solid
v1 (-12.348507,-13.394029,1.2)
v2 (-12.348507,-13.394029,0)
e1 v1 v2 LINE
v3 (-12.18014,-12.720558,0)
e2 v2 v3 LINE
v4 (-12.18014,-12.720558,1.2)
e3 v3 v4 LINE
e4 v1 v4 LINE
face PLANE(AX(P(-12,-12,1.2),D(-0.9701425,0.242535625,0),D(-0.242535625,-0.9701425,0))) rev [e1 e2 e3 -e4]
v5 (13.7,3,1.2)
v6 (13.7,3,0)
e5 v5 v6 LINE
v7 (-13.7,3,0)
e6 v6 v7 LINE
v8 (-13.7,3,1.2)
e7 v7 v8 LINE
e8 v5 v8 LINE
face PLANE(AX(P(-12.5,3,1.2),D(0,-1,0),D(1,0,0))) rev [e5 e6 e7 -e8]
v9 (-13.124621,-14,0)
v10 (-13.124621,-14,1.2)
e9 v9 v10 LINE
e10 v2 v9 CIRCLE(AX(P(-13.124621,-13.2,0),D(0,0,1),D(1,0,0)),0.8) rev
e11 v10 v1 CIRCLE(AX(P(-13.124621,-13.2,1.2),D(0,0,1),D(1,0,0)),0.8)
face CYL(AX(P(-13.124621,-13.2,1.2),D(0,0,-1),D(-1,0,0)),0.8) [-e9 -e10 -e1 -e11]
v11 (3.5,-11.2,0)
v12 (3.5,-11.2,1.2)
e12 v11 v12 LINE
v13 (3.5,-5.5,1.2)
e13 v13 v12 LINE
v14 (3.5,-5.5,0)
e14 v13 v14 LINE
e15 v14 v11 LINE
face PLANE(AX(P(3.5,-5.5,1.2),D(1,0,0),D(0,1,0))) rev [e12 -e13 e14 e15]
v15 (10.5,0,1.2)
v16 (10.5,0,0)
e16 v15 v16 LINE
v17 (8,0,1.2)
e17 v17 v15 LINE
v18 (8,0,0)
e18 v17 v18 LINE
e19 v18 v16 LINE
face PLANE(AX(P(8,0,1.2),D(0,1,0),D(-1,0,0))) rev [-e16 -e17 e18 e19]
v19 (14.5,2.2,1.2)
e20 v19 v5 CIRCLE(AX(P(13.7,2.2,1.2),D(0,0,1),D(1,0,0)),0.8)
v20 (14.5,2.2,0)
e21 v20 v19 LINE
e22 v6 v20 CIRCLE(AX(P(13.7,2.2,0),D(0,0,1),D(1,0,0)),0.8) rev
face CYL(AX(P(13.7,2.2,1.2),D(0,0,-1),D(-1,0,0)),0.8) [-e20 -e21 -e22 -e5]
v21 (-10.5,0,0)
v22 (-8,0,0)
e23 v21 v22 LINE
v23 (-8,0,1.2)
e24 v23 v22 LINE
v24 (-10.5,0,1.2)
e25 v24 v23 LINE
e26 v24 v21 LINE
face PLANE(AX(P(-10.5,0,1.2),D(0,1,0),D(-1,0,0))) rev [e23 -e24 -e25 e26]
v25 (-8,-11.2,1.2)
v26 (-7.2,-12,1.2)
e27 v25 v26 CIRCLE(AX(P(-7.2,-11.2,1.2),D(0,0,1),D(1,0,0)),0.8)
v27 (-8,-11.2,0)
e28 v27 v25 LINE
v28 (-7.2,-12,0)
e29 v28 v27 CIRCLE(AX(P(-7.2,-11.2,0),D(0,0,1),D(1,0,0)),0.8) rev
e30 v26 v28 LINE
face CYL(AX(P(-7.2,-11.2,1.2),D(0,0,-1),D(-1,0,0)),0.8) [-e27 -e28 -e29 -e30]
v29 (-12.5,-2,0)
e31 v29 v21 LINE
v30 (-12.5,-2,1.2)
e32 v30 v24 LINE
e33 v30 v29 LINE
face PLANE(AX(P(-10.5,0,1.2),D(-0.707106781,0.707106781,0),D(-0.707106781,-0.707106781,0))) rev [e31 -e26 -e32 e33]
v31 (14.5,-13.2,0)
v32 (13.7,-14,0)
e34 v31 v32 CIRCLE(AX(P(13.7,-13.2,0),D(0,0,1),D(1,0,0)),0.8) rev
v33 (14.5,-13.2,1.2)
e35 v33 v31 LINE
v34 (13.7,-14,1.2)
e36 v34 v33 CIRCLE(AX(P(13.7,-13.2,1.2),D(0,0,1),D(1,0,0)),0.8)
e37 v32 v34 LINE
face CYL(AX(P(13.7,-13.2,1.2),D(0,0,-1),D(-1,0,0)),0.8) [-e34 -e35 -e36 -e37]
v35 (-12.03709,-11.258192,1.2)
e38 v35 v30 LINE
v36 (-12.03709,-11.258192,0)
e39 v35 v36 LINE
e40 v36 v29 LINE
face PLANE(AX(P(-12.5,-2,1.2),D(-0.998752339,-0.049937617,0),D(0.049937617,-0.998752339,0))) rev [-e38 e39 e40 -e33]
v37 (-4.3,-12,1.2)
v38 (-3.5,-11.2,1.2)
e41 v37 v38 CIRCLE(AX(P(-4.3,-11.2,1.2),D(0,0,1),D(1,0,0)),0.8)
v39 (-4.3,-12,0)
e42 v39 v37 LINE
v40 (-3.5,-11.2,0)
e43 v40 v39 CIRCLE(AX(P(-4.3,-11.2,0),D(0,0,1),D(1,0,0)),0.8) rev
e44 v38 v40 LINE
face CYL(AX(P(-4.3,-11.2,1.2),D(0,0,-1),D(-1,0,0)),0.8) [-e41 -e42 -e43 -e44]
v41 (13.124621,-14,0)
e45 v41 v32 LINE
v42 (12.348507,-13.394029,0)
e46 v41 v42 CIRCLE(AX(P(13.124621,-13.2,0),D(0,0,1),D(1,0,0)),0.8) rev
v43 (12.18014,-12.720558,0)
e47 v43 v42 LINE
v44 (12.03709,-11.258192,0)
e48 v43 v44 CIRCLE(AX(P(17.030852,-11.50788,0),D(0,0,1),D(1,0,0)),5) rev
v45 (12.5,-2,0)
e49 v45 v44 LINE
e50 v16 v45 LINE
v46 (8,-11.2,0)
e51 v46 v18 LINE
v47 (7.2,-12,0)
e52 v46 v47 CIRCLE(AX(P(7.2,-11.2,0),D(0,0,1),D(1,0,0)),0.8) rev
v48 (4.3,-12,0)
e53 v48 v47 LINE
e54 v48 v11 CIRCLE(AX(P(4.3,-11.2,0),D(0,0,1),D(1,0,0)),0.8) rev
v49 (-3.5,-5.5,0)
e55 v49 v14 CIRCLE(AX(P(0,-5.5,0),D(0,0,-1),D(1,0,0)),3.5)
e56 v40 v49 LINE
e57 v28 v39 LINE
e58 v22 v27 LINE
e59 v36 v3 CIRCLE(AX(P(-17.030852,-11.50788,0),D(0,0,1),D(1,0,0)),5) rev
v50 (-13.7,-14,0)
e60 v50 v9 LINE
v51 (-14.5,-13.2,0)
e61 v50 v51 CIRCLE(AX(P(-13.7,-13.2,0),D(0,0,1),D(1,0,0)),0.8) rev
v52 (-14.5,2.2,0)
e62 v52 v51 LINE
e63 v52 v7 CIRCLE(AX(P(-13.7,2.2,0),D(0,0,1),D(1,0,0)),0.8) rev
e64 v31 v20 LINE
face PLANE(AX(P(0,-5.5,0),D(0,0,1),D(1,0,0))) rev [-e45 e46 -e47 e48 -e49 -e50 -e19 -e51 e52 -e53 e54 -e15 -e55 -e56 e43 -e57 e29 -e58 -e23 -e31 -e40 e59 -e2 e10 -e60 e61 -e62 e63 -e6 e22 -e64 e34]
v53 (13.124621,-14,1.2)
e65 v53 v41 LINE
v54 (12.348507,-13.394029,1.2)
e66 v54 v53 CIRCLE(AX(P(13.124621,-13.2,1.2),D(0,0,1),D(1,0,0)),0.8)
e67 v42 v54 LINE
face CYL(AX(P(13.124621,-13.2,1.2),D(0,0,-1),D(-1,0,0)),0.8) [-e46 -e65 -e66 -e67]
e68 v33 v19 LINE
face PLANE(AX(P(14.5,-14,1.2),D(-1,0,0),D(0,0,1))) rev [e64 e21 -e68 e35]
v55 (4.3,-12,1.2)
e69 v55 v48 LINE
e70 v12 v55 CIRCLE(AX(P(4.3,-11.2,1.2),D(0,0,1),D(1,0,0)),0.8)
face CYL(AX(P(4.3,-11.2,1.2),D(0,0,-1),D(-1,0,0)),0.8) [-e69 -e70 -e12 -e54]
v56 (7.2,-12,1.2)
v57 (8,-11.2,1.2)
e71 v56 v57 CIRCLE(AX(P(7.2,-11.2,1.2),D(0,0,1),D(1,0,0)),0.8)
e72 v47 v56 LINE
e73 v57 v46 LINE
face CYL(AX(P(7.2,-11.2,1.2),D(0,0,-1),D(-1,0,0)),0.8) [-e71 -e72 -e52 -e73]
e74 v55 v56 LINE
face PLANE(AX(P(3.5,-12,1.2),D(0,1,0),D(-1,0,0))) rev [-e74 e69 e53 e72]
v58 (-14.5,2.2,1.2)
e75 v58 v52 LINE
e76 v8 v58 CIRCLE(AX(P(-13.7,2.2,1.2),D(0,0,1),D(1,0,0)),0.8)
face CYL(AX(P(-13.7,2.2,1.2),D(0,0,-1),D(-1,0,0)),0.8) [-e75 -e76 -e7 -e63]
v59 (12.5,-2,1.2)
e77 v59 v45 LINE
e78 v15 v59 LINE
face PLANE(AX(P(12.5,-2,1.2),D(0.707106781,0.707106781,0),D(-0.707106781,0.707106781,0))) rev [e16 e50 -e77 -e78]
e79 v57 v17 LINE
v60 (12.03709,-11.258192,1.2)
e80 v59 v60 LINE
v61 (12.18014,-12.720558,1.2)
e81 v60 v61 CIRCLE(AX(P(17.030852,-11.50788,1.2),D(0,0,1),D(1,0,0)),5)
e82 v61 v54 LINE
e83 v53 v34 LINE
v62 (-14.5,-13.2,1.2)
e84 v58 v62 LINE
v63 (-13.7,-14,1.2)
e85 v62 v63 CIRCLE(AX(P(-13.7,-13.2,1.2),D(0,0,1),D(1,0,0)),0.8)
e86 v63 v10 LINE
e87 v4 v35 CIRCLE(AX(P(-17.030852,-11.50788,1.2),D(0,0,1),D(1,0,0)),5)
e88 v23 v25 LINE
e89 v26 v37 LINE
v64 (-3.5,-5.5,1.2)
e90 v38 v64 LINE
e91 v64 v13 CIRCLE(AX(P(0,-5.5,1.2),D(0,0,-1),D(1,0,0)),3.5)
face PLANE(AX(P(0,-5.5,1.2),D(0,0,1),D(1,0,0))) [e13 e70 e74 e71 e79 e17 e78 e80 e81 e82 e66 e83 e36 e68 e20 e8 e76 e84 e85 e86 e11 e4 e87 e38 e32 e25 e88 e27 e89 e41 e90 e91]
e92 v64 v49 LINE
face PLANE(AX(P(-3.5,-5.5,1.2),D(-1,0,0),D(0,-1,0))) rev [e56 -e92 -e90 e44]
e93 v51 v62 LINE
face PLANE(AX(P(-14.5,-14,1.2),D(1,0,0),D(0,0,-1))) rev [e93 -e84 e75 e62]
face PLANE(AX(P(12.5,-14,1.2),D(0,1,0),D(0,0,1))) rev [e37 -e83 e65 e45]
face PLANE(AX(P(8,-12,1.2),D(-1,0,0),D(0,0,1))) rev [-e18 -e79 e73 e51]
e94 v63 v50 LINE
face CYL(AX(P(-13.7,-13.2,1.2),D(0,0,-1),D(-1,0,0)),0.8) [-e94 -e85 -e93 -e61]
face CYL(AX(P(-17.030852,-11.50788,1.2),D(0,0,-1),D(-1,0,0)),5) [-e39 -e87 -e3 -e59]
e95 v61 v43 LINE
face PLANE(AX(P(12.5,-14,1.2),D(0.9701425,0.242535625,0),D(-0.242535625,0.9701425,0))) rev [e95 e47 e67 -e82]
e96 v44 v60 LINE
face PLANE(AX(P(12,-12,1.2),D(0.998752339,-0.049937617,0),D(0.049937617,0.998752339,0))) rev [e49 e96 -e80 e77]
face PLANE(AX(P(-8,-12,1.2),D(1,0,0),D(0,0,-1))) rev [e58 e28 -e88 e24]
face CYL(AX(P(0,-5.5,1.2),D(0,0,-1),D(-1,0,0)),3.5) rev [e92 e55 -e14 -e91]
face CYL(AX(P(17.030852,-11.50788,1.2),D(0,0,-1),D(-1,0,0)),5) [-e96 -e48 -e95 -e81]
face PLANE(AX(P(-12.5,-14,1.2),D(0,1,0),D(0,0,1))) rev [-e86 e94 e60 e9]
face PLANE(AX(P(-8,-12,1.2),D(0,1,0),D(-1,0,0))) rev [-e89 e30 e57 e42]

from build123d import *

# Parameters (mm, degrees)
BOSS_EXTRUDE1_DEPTH = 1.2
FILLET1_R           = 5
FILLET2_R           = 0.8


with BuildPart() as part:
    # Sketch1 → Boss-Extrude1 (new body)
    with BuildSketch(Plane.XY):
        with BuildLine():
            Line((-10.5, 0), (-12.5, -2))
            Line((-12.5, -2), (-12, -12))
            Line((-12, -12), (-12.5, -14))
            Line((-12.5, -14), (-14.5, -14))
            Line((-14.5, -14), (-14.5, 3))
            Line((-14.5, 3), (-12.5, 3))
            Line((-12.5, 3), (12.5, 3))
            Line((12.5, 3), (14.5, 3))
            Line((14.5, 3), (14.5, -14))
            Line((14.5, -14), (12.5, -14))
            Line((12.5, -14), (12, -12))
            Line((12, -12), (12.5, -2))
            Line((12.5, -2), (10.5, 0))
            Line((10.5, 0), (8, 0))
            Line((8, 0), (8, -12))
            Line((8, -12), (3.5, -12))
            Line((3.5, -12), (3.5, -5.5))
            ThreePointArc((3.5, -5.5), (0, -2), (-3.5, -5.5))
            Line((-3.5, -5.5), (-3.5, -12))
            Line((-3.5, -12), (-8, -12))
            Line((-8, -12), (-8, 0))
            Line((-8, 0), (-10.5, 0))
        make_face()
    extrude(amount=BOSS_EXTRUDE1_DEPTH)

    # Fillet1
    fillet1_edges = [part.edges().sort_by_distance(p)[0] for p in [
        (-12, -12, 0.6),
        (12, -12, 0.6),
    ]]
    fillet(fillet1_edges, radius=FILLET1_R)

    # Fillet2
    fillet2_edges = [part.edges().sort_by_distance(p)[0] for p in [
        (-12.5, -14, 0.6),
        (-14.5, -14, 0.6),
        (-14.5, 3, 0.6),
        (14.5, 3, 0.6),
        (14.5, -14, 0.6),
        (12.5, -14, 0.6),
        (8, -12, 0.6),
        (3.5, -12, 0.6),
        (-3.5, -12, 0.6),
        (-8, -12, 0.6),
    ]]
    fillet(fillet2_edges, radius=FILLET2_R)


solid = part.part
